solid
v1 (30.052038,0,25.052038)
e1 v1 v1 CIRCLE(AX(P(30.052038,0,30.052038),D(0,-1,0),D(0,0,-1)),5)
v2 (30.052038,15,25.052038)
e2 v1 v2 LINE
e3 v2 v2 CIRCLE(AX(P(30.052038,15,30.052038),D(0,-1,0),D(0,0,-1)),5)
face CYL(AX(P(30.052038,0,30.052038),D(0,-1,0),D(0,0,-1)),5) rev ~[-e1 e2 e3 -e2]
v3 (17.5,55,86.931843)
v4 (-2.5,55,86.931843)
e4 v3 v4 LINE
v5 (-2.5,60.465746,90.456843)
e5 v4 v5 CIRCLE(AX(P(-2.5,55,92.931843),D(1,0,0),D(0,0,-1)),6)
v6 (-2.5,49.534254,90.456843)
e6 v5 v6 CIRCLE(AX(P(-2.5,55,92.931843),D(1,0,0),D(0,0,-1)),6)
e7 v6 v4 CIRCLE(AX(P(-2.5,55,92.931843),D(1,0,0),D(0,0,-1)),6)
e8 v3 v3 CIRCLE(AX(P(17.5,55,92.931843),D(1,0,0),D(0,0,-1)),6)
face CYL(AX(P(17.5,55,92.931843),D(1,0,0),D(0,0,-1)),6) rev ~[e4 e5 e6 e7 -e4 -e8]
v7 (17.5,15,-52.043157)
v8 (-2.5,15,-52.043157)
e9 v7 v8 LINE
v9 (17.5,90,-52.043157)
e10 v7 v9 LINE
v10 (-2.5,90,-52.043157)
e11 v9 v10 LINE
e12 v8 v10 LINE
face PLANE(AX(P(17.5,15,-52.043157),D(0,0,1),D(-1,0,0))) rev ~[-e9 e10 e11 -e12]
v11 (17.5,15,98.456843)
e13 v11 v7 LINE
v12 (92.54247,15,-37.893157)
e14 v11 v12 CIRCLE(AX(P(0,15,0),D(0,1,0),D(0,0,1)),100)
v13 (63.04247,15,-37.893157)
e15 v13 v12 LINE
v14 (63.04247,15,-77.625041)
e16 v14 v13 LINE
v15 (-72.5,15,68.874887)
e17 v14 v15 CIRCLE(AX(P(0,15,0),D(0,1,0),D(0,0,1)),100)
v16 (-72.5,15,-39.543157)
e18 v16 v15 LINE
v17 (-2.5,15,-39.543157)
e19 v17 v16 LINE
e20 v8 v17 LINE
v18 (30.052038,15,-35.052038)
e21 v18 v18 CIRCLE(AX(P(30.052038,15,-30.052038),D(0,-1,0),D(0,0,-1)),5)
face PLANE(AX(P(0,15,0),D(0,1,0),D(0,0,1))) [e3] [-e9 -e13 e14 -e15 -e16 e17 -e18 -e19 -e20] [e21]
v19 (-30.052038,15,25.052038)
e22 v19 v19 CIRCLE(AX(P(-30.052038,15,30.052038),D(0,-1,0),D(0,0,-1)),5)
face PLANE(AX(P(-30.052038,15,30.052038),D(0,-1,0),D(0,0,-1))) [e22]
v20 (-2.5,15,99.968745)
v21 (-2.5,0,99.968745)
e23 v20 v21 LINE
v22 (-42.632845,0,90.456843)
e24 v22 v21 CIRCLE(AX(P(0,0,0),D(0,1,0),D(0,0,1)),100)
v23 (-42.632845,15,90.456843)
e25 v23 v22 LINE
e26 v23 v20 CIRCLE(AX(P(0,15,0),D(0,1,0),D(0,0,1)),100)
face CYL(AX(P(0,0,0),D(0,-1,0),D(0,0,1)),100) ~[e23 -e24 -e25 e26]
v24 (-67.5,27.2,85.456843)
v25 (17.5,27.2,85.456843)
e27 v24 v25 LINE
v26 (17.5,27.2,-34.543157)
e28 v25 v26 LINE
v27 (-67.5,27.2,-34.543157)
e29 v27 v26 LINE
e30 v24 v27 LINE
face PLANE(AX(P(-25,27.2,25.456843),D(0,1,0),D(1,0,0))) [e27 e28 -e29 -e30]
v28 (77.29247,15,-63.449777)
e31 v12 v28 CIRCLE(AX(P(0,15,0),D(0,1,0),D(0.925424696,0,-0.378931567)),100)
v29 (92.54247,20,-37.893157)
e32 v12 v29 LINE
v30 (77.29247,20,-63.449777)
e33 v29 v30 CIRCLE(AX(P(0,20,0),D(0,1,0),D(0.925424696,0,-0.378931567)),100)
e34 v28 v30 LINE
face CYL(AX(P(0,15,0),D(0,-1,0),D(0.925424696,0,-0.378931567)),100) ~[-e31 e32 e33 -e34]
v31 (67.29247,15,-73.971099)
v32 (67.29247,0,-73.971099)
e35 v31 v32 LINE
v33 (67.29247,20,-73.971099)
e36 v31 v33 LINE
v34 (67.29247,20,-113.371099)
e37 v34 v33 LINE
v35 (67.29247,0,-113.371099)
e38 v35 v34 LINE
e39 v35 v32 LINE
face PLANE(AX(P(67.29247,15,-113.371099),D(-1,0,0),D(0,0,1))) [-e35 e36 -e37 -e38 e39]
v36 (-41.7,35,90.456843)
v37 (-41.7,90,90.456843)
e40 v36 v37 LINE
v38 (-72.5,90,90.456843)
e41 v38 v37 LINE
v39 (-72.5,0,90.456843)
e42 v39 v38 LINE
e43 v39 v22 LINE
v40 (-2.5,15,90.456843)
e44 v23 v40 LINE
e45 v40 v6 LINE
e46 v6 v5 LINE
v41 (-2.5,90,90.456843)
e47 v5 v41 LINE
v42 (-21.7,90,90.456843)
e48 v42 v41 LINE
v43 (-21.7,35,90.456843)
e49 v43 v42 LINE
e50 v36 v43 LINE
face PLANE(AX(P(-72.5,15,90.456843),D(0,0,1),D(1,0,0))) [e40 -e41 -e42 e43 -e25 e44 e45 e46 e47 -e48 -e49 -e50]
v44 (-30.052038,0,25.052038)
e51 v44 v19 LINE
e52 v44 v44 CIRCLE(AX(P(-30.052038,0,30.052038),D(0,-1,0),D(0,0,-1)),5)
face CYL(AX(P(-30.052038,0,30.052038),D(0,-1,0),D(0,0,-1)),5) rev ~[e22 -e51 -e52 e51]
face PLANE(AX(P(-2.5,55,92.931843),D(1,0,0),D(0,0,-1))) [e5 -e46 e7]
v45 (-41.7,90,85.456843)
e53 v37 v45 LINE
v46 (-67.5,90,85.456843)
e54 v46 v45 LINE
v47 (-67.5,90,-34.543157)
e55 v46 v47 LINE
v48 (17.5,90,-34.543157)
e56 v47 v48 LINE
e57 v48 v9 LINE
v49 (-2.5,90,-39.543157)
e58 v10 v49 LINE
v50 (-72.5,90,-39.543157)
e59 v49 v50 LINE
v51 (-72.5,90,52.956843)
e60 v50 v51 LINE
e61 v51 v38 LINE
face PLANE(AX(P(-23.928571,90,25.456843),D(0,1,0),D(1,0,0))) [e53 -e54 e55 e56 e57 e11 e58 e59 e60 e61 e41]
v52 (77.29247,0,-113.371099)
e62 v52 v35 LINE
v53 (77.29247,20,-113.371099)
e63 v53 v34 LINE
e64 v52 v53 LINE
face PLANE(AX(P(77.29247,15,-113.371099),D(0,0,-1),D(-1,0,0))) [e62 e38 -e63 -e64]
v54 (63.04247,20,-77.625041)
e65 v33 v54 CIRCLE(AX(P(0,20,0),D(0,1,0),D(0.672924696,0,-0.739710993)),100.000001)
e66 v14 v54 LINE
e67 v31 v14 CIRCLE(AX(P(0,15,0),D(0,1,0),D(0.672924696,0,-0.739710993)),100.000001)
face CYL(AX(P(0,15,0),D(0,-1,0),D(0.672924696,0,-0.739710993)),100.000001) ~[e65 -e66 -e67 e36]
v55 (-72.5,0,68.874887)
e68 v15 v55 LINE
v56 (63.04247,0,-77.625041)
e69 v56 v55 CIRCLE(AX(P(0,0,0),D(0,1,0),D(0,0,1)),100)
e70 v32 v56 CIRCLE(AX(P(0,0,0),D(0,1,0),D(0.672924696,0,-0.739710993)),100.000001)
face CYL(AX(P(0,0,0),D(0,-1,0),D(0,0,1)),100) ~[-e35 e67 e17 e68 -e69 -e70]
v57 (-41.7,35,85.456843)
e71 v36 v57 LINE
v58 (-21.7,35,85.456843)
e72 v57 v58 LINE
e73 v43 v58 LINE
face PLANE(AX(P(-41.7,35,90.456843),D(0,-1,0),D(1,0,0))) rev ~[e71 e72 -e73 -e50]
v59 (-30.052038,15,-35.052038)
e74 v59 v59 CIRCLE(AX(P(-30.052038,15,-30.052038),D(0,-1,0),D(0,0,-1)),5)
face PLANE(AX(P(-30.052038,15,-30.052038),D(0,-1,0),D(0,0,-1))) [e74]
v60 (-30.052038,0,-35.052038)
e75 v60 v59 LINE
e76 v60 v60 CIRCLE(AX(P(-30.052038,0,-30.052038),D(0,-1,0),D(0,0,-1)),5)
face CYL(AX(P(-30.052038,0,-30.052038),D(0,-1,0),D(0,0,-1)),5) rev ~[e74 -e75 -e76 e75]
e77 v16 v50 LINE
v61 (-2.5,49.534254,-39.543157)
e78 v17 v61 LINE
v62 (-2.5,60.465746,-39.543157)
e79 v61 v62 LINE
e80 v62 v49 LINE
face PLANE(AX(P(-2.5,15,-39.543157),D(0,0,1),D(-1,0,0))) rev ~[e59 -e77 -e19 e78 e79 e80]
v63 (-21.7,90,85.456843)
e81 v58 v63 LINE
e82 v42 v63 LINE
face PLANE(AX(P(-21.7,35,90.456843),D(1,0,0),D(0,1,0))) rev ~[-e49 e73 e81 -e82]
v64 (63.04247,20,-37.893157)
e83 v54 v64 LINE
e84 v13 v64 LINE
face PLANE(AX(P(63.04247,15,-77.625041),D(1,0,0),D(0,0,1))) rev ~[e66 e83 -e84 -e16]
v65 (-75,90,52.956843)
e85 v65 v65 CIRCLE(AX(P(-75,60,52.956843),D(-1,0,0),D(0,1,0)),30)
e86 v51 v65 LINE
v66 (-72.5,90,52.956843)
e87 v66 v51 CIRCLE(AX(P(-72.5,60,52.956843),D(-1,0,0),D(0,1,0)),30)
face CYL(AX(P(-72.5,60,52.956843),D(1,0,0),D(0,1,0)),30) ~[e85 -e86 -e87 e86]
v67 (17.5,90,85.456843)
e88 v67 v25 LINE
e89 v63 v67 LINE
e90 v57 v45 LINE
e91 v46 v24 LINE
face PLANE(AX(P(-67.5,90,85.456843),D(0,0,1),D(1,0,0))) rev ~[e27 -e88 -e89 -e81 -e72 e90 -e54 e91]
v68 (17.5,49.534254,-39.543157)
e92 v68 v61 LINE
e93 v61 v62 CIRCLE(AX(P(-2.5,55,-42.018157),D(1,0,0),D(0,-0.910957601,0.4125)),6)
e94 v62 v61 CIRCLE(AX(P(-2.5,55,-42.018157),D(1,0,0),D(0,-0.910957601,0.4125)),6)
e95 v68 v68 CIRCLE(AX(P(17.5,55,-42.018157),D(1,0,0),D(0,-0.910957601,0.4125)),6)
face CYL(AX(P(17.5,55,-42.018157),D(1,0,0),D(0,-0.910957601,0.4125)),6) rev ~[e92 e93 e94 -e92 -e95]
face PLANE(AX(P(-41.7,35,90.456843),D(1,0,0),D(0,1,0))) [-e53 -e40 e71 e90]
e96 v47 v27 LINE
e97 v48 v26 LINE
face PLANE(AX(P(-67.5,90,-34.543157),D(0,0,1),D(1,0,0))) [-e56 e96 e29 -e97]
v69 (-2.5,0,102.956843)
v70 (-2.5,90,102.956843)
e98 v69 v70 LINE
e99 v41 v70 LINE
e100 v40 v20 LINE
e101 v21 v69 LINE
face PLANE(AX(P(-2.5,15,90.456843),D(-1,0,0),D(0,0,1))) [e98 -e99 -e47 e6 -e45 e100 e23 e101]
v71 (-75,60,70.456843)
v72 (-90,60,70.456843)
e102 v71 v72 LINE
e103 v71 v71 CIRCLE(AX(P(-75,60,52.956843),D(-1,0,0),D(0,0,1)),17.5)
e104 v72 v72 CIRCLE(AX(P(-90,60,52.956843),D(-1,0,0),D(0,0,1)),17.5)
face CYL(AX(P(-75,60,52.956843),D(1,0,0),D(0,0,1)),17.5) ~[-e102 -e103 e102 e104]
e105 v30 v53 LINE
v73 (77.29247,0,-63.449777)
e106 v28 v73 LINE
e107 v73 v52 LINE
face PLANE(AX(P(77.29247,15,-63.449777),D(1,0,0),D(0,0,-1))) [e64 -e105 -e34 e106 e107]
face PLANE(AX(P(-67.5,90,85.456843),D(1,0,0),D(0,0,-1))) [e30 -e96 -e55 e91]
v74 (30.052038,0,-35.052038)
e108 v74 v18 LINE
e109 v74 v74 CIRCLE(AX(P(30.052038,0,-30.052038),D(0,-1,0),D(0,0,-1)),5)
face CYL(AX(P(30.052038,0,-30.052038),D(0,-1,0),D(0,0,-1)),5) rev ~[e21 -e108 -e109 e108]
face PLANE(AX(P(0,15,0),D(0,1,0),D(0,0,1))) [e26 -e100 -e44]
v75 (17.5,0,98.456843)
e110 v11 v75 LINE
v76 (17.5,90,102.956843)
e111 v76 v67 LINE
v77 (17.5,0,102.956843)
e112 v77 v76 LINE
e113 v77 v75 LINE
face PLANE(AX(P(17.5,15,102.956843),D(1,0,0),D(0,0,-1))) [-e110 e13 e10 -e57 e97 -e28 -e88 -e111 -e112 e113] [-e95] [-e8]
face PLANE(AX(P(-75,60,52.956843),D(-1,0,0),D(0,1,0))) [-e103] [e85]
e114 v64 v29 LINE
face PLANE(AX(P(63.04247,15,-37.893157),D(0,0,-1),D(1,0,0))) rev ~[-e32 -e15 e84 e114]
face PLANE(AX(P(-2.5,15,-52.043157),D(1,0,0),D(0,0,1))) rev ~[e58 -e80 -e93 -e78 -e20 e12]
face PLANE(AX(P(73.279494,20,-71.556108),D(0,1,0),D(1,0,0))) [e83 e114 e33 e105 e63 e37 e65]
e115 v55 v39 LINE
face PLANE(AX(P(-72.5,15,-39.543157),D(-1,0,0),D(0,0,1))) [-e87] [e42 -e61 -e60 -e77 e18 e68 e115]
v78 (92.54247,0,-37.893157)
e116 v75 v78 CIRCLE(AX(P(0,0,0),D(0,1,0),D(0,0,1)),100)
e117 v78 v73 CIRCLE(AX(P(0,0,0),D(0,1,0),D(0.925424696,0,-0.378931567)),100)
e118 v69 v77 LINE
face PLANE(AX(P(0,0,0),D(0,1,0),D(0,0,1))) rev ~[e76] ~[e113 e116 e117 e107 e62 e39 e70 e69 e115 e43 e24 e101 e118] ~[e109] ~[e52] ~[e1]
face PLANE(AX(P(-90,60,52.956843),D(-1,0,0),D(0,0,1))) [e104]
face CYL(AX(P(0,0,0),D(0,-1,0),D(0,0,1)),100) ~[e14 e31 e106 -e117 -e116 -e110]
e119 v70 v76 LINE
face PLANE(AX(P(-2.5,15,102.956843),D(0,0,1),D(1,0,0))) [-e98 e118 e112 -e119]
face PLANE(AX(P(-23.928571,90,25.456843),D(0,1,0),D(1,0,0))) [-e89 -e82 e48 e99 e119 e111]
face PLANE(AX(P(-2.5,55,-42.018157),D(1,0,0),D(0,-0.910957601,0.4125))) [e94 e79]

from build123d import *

# Parameters (mm, degrees)
SKETCH1_R                       = 100
BOSS_EXTRUDE1_DEPTH             = 15
BOSS_EXTRUDE2_DEPTH             = 75
BOSS_EXTRUDE2_DIRECTION_2_REACH = 144.215
SKETCH3_W                       = 85
SKETCH3_H                       = 120
CUT_EXTRUDE1_DEPTH              = 62.8
SKETCH4_W                       = 20
SKETCH4_H                       = 55
CUT_EXTRUDE2_DEPTH              = 5
SKETCH5_R                       = 30
BOSS_EXTRUDE3_DEPTH             = 2.5
SKETCH6_R                       = 17.5
BOSS_EXTRUDE4_DEPTH             = 15
BOSS_EXTRUDE5_DEPTH             = 5
BOSS_EXTRUDE5_DIRECTION_2_REACH = 163.942
SKETCH8_R                       = 6
CUT_EXTRUDE3_DEPTH              = 20
SKETCH11_R                      = 5
CUT_EXTRUDE4_DEPTH              = 15


with BuildPart() as part:
    # Sketch1 → Boss-Extrude1 (new body)
    with BuildSketch(Plane(origin=(0, 0, 0), x_dir=(1, 0, 0), z_dir=(0, 1, 0))):
        with Locations(Location((0, 0, 0), (0, 0, 270))):
            Circle(SKETCH1_R)
    extrude(amount=BOSS_EXTRUDE1_DEPTH)

    # Sketch2 → Boss-Extrude2 (add)
    with BuildSketch(Plane(origin=(0, 15, 0), x_dir=(1, 0, 0), z_dir=(0, 1, 0))):
        Polygon((-2.5, 52.043156662), (-2.5, 39.543156662), (-72.5, 39.543156662), (-72.5, -90.456843338), (-2.5, -90.456843338), (-2.5, -102.956843338), (17.5, -102.956843338), (17.5, 52.043156662), align=None)
    extrude(amount=BOSS_EXTRUDE2_DEPTH)

    # Boss-Extrude2 direction 2: up to this face of the body (flat: up to its plane)
    boss_extrude2_direction_2_end = Plane(part.part.faces().sort_by_distance((0, 0, 0))[0])
    # Sketch2 → Boss-Extrude2 direction 2 (add, up to the picked face)
    with BuildSketch(Plane(origin=(0, 15, 0), x_dir=(1, 0, 0), z_dir=(0, 1, 0)), mode=Mode.PRIVATE) as boss_extrude2_direction_2_sk1:
        Polygon((-2.5, 52.043156662), (-2.5, 39.543156662), (-72.5, 39.543156662), (-72.5, -90.456843338), (-2.5, -90.456843338), (-2.5, -102.956843338), (17.5, -102.956843338), (17.5, 52.043156662), align=None)
    boss_extrude2_direction_2_tool1 = split(extrude(boss_extrude2_direction_2_sk1.sketch, amount=-BOSS_EXTRUDE2_DIRECTION_2_REACH, mode=Mode.PRIVATE), bisect_by=boss_extrude2_direction_2_end, keep=Keep.BOTH, mode=Mode.PRIVATE)
    add(boss_extrude2_direction_2_tool1.solids().sort_by(Axis((-26.065574, 15, 25.456843), (0, -1, 0)))[0])

    # Sketch3 → Cut-Extrude1 (cut)
    with BuildSketch(Plane(origin=(0, 90, 0), x_dir=(1, 0, 0), z_dir=(0, 1, 0))):
        with Locations((-25, -25.456843338)):
            Rectangle(SKETCH3_W, SKETCH3_H)
    extrude(amount=-CUT_EXTRUDE1_DEPTH, mode=Mode.SUBTRACT)

    # Sketch4 → Cut-Extrude2 (cut)
    with BuildSketch(Plane.XY.offset(90.456843338)):
        with Locations((-31.7, 62.5)):
            Rectangle(SKETCH4_W, SKETCH4_H)
    extrude(amount=-CUT_EXTRUDE2_DEPTH, mode=Mode.SUBTRACT)

    # Sketch5 → Boss-Extrude3 (add)
    with BuildSketch(Plane.ZY.offset(72.5)):
        with Locations(Location((52.956843338, 60, 0), (0, 0, 90))):
            Circle(SKETCH5_R)
    extrude(amount=BOSS_EXTRUDE3_DEPTH)

    # Sketch6 → Boss-Extrude4 (add)
    with BuildSketch(Plane.ZY.offset(75)):
        with Locations((52.956843338, 60)):
            Circle(SKETCH6_R)
    extrude(amount=BOSS_EXTRUDE4_DEPTH)

    # Sketch7 → Boss-Extrude5 (add)
    with BuildSketch(Plane(origin=(0, 15, 0), x_dir=(1, 0, 0), z_dir=(0, 1, 0))):
        with BuildLine():
            Line((63.042469592, 37.893156662), (92.542469592, 37.893156662))
            ThreePointArc((92.542469592, 37.893156662), (85.873522386, 51.24195696), (77.292469592, 63.449776551))
            Line((77.292469592, 63.449776551), (77.292469592, 113.371099331))
            Line((77.292469592, 113.371099331), (67.292469592, 113.371099331))
            Line((67.292469592, 113.371099331), (67.292469592, 73.971099331))
            ThreePointArc((67.292469592, 73.971099331), (65.19307414, 75.827851639), (63.042469592, 77.625041242))
            Line((63.042469592, 77.625041242), (63.042469592, 37.893156662))
        make_face()
    extrude(amount=BOSS_EXTRUDE5_DEPTH)

    # Boss-Extrude5 direction 2: up to this face of the body (flat: up to its plane)
    boss_extrude5_direction_2_end = Plane(part.part.faces().sort_by_distance((-0.54005377, 0, 0.955561691))[0])
    # Sketch7 → Boss-Extrude5 direction 2 (add, up to the picked face)
    with BuildSketch(Plane(origin=(0, 15, 0), x_dir=(1, 0, 0), z_dir=(0, 1, 0)), mode=Mode.PRIVATE) as boss_extrude5_direction_2_sk1:
        with BuildLine():
            Line((63.042469592, 37.893156662), (92.542469592, 37.893156662))
            ThreePointArc((92.542469592, 37.893156662), (85.873522386, 51.24195696), (77.292469592, 63.449776551))
            Line((77.292469592, 63.449776551), (77.292469592, 113.371099331))
            Line((77.292469592, 113.371099331), (67.292469592, 113.371099331))
            Line((67.292469592, 113.371099331), (67.292469592, 73.971099331))
            ThreePointArc((67.292469592, 73.971099331), (65.19307414, 75.827851639), (63.042469592, 77.625041242))
            Line((63.042469592, 77.625041242), (63.042469592, 37.893156662))
        make_face()
    boss_extrude5_direction_2_tool1 = split(extrude(boss_extrude5_direction_2_sk1.sketch, amount=-BOSS_EXTRUDE5_DIRECTION_2_REACH, mode=Mode.PRIVATE), bisect_by=boss_extrude5_direction_2_end, keep=Keep.BOTH, mode=Mode.PRIVATE)
    add(boss_extrude5_direction_2_tool1.solids().sort_by(Axis((73.261773, 15, -67.454705), (0, -1, 0)))[0])

    # Sketch8 → Cut-Extrude3 (cut)
    with BuildSketch(Plane(origin=(17.5, 0, 0), x_dir=(0, 0, -1), z_dir=(1, 0, 0))):
        with Locations((-92.931843338, 55)):
            Circle(SKETCH8_R)
        with Locations(Location((42.018156662, 55, 0), (0, 0, 245.63802206))):
            Circle(SKETCH8_R)
    extrude(amount=-CUT_EXTRUDE3_DEPTH, mode=Mode.SUBTRACT)

    # Sketch11 → Cut-Extrude4 (cut)
    with BuildSketch(Plane.XZ):
        with Locations(Location((-30.0520382, 30.0520382, 0), (0, 0, 270))):
            Circle(SKETCH11_R)
        with Locations(Location((30.0520382, 30.0520382, 0), (0, 0, 270))):
            Circle(SKETCH11_R)
        with Locations(Location((30.0520382, -30.0520382, 0), (0, 0, 270))):
            Circle(SKETCH11_R)
        with Locations(Location((-30.0520382, -30.0520382, 0), (0, 0, 270))):
            Circle(SKETCH11_R)
    extrude(amount=-CUT_EXTRUDE4_DEPTH, mode=Mode.SUBTRACT)


solid = part.part
